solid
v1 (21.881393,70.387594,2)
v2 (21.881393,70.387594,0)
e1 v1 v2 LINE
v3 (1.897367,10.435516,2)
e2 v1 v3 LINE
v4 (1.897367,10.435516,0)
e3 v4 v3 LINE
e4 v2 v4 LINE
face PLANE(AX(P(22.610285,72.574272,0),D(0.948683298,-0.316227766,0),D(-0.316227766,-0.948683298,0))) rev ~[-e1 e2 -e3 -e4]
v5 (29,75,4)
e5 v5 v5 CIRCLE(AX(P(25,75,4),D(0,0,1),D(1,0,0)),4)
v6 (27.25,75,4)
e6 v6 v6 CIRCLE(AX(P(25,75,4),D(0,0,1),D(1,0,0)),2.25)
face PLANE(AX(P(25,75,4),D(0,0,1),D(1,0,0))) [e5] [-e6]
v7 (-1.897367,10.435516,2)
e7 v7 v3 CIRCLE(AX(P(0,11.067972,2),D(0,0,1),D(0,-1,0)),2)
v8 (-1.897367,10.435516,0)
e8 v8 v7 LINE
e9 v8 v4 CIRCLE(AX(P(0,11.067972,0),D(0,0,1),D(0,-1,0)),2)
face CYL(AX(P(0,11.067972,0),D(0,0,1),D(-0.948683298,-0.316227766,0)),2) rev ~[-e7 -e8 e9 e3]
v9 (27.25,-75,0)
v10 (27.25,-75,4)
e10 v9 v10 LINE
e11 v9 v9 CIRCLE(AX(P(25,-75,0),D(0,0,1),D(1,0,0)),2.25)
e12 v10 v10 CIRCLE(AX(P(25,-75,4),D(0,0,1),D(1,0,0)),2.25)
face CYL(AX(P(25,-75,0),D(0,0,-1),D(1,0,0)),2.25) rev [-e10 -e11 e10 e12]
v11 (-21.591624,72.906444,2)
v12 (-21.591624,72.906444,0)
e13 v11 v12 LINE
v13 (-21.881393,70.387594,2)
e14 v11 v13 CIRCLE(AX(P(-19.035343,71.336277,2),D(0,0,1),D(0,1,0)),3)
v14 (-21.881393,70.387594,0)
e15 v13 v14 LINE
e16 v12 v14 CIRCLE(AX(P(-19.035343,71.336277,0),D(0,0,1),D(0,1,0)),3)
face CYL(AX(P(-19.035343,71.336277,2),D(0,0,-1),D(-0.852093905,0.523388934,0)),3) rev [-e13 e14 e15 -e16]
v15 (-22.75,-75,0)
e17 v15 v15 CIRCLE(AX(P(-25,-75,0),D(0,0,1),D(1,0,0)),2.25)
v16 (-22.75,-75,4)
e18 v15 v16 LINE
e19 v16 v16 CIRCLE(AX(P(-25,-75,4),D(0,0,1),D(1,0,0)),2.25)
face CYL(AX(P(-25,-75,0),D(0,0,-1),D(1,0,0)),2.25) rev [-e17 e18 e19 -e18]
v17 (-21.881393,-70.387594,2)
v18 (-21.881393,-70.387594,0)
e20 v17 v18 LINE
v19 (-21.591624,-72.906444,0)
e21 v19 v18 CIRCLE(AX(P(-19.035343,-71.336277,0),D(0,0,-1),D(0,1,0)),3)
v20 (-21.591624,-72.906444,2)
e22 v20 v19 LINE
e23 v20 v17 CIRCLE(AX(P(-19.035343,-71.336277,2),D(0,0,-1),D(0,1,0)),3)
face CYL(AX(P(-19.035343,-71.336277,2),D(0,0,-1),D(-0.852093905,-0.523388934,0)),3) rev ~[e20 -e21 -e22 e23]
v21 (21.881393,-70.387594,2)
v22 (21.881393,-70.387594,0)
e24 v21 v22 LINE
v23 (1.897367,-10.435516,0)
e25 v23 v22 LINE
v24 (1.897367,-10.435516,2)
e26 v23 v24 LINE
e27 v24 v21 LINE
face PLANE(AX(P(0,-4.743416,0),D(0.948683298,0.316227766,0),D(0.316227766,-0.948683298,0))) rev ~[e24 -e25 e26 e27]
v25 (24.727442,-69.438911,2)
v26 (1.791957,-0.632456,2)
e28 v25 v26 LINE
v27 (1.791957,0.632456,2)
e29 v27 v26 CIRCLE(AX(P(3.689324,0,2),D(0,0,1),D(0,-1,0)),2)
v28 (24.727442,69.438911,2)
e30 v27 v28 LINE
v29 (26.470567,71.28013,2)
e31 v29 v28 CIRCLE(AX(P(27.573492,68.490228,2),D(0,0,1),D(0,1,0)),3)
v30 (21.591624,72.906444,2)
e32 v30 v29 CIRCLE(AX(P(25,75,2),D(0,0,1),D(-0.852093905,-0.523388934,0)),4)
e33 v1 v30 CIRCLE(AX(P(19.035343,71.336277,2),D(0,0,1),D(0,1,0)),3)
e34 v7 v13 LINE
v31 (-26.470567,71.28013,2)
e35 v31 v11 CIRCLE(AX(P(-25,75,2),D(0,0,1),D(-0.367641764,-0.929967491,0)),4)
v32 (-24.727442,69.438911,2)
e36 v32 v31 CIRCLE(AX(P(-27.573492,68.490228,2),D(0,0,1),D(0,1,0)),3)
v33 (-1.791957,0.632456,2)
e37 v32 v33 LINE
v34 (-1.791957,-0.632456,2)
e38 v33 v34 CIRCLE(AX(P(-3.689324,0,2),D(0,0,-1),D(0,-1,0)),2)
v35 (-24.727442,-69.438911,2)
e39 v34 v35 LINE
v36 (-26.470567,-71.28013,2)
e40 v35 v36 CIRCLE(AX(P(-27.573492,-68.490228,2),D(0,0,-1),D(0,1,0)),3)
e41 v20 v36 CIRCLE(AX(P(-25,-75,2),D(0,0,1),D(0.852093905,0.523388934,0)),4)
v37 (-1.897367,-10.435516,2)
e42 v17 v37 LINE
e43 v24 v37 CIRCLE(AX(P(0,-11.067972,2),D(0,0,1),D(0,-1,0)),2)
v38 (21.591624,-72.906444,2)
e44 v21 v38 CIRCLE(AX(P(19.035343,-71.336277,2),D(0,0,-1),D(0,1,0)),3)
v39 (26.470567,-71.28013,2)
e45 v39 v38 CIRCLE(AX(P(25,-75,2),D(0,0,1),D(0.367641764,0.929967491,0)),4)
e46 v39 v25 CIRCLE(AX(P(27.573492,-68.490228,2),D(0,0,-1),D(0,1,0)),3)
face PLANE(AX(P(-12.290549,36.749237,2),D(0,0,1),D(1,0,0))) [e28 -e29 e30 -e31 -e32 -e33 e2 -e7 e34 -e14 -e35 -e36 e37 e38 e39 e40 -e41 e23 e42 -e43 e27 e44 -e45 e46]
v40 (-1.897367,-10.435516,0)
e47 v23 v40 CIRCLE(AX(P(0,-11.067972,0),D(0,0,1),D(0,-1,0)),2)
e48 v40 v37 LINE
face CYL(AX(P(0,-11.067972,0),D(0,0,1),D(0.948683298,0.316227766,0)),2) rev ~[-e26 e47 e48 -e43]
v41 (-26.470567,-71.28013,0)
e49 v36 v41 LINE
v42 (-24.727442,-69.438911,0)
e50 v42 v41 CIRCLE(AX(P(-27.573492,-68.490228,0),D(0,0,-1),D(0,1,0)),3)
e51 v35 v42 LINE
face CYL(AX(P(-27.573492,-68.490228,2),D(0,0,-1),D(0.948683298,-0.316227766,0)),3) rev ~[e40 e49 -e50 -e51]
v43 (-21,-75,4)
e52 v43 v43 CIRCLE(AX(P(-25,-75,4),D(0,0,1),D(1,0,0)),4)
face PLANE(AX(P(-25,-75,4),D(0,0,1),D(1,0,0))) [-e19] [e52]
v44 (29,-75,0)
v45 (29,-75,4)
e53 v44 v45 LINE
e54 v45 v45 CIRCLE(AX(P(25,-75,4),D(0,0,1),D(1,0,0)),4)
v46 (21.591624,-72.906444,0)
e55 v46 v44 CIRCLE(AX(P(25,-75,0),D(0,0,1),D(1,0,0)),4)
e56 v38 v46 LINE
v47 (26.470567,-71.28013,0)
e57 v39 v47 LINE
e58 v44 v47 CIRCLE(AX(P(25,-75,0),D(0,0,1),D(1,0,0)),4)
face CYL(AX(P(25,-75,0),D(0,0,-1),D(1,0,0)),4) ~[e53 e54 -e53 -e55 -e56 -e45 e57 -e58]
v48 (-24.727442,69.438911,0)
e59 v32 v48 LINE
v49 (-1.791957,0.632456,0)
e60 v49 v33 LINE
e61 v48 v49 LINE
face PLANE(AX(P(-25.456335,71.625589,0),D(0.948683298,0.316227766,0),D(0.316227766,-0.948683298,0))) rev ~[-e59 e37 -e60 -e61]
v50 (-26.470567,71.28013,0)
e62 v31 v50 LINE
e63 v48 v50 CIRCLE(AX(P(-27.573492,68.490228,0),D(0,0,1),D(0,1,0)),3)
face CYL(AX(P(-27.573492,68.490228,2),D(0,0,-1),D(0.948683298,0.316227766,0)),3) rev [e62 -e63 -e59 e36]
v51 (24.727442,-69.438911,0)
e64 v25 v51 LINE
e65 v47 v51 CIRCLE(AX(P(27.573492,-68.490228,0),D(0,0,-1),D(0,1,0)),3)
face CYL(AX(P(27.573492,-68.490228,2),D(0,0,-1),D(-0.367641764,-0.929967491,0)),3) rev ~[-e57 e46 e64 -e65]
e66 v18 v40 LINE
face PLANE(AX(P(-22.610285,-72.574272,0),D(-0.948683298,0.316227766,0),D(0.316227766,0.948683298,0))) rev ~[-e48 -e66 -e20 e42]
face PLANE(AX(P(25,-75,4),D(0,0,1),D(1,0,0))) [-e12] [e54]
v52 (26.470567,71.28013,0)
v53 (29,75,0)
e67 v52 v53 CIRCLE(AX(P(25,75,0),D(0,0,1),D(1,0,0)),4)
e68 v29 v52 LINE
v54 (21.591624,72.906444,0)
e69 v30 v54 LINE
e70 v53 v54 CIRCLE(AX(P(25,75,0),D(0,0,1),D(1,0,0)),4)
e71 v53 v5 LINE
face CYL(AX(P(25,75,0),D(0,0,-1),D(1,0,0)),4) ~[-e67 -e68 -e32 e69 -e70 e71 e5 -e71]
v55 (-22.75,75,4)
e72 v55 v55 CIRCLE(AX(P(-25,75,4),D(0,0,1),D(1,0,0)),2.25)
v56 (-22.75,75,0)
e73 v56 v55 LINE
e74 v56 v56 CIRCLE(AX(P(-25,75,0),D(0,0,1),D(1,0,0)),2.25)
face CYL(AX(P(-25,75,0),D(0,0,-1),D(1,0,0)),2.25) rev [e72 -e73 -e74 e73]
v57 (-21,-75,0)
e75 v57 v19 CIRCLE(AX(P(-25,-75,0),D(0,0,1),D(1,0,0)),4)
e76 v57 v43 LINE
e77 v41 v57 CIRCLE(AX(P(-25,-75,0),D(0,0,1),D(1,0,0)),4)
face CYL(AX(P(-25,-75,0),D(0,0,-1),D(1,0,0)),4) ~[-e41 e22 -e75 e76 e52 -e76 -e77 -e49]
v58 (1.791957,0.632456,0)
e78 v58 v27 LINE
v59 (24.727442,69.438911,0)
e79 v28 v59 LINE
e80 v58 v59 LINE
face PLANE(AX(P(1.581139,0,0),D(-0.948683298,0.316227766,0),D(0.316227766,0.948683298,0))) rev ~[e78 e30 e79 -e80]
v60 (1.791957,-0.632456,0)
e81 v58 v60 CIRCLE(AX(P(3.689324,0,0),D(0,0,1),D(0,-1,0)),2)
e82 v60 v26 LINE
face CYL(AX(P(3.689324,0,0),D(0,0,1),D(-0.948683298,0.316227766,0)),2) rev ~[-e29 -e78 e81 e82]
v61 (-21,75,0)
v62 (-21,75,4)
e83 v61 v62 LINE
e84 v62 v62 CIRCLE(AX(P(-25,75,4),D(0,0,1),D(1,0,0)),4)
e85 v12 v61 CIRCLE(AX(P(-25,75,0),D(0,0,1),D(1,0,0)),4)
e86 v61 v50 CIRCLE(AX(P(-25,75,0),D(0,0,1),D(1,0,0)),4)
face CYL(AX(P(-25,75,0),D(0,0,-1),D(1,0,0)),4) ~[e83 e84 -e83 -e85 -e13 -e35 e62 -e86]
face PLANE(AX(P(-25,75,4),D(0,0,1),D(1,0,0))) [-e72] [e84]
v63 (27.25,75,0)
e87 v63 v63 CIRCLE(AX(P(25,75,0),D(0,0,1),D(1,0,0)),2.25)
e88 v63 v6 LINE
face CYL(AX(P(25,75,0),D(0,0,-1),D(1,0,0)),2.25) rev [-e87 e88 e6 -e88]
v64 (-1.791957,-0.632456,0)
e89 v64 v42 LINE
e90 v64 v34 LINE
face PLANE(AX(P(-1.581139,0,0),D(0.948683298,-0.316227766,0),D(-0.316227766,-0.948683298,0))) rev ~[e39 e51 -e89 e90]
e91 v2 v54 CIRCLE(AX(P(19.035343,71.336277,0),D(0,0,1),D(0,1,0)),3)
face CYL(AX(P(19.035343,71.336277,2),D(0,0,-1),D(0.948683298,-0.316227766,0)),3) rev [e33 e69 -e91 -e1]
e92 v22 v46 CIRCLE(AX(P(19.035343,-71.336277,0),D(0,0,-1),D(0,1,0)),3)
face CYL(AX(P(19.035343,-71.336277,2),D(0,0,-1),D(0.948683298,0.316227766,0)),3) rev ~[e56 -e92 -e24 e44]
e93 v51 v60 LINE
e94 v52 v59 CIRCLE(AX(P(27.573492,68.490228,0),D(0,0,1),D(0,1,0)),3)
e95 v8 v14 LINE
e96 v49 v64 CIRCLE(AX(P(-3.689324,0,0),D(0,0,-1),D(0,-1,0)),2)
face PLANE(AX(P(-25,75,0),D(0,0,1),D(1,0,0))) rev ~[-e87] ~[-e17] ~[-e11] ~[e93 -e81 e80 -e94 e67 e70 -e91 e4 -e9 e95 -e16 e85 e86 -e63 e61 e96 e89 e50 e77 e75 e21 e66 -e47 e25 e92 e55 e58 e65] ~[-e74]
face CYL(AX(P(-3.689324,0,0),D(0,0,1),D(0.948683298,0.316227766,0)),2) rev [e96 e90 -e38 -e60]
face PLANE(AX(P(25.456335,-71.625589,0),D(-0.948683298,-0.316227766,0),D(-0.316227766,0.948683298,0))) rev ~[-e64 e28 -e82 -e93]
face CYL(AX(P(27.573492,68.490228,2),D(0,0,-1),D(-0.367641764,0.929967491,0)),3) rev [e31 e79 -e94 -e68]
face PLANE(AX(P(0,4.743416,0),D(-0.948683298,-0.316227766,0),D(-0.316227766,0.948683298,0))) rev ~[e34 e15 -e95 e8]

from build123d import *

# Parameters (mm, degrees)
F0_R     = 4
F0_R_2   = 2.25
F1_DEPTH = 4
F3_DEPTH = 2
F5_R     = 2
F6_R     = 3


with BuildPart() as f1:
    # F0 (on Top) → F1 (new body)
    with BuildSketch(Plane.XY):
        with Locations((-25, 75)):
            Circle(F0_R)
        with Locations((-25, 75)):
            Circle(F0_R_2, mode=Mode.SUBTRACT)
    extrude(amount=F1_DEPTH)


with BuildPart() as f1b:
    # F0 (on Top) → F1, piece 2 (new body)
    with BuildSketch(Plane.XY):
        with Locations((25, 75)):
            Circle(F0_R)
        with Locations((25, 75)):
            Circle(F0_R_2, mode=Mode.SUBTRACT)
    extrude(amount=F1_DEPTH)


with BuildPart() as f1c:
    # F0 (on Top) → F1, piece 3 (new body)
    with BuildSketch(Plane.XY):
        with Locations((-25, -75)):
            Circle(F0_R)
        with Locations((-25, -75)):
            Circle(F0_R_2, mode=Mode.SUBTRACT)
    extrude(amount=F1_DEPTH)


with BuildPart() as f1d:
    # F0 (on Top) → F1, piece 4 (new body)
    with BuildSketch(Plane.XY):
        with Locations((25, -75)):
            Circle(F0_R)
        with Locations((25, -75)):
            Circle(F0_R_2, mode=Mode.SUBTRACT)
    extrude(amount=F1_DEPTH)


with BuildPart() as f3:
    # F2 (on Top) → F3 (new body)
    with BuildSketch(Plane.XY):
        Polygon((-22.6102852702, 72.5742723009), (-25.4563351644, 71.6255890028), (-1.5811388301, 0), (0, 4.7434164903), align=None)
        Polygon((0, 4.7434164903), (-1.5811388301, 0), (0, -4.7434164903), (1.5811388301, 0), align=None)
        Polygon((0, -4.7434164903), (-1.5811388301, 0), (-25.4563351644, -71.6255890028), (-22.6102852702, -72.5742723009), align=None)
        Polygon((1.5811388301, 0), (0, -4.7434164903), (22.6102852702, -72.5742723009), (25.4563351644, -71.6255890028), align=None)
        Polygon((22.6102852702, 72.5742723009), (0, 4.7434164903), (1.5811388301, 0), (25.4563351644, 71.6255890028), align=None)
    extrude(amount=F3_DEPTH)

    # F4: union F1d, F1c, F1b, F1
    add(f1d.part)
    add(f1c.part)
    add(f1b.part)
    add(f1.part)

    # F5
    f5_edges = [f3.edges().sort_by_distance(p)[0] for p in [
        (0, 4.743416, 1),
        (-1.581139, 0, 1),
        (0, -4.743416, 1),
        (1.581139, 0, 1),
    ]]
    fillet(f5_edges, radius=F5_R)

    # F6
    f6_edges = [f3.edges().sort_by_distance(p)[0] for p in [
        (-25.250421, 71.007847, 1),
        (-22.404371, 71.95653, 1),
        (25.250421, 71.007847, 1),
        (-22.404371, -71.95653, 1),
        (25.250421, -71.007847, 1),
        (22.404371, -71.95653, 1),
        (-25.250421, -71.007847, 1),
        (22.404371, 71.95653, 1),
    ]]
    fillet(f6_edges, radius=F6_R)


solid = f3.part
